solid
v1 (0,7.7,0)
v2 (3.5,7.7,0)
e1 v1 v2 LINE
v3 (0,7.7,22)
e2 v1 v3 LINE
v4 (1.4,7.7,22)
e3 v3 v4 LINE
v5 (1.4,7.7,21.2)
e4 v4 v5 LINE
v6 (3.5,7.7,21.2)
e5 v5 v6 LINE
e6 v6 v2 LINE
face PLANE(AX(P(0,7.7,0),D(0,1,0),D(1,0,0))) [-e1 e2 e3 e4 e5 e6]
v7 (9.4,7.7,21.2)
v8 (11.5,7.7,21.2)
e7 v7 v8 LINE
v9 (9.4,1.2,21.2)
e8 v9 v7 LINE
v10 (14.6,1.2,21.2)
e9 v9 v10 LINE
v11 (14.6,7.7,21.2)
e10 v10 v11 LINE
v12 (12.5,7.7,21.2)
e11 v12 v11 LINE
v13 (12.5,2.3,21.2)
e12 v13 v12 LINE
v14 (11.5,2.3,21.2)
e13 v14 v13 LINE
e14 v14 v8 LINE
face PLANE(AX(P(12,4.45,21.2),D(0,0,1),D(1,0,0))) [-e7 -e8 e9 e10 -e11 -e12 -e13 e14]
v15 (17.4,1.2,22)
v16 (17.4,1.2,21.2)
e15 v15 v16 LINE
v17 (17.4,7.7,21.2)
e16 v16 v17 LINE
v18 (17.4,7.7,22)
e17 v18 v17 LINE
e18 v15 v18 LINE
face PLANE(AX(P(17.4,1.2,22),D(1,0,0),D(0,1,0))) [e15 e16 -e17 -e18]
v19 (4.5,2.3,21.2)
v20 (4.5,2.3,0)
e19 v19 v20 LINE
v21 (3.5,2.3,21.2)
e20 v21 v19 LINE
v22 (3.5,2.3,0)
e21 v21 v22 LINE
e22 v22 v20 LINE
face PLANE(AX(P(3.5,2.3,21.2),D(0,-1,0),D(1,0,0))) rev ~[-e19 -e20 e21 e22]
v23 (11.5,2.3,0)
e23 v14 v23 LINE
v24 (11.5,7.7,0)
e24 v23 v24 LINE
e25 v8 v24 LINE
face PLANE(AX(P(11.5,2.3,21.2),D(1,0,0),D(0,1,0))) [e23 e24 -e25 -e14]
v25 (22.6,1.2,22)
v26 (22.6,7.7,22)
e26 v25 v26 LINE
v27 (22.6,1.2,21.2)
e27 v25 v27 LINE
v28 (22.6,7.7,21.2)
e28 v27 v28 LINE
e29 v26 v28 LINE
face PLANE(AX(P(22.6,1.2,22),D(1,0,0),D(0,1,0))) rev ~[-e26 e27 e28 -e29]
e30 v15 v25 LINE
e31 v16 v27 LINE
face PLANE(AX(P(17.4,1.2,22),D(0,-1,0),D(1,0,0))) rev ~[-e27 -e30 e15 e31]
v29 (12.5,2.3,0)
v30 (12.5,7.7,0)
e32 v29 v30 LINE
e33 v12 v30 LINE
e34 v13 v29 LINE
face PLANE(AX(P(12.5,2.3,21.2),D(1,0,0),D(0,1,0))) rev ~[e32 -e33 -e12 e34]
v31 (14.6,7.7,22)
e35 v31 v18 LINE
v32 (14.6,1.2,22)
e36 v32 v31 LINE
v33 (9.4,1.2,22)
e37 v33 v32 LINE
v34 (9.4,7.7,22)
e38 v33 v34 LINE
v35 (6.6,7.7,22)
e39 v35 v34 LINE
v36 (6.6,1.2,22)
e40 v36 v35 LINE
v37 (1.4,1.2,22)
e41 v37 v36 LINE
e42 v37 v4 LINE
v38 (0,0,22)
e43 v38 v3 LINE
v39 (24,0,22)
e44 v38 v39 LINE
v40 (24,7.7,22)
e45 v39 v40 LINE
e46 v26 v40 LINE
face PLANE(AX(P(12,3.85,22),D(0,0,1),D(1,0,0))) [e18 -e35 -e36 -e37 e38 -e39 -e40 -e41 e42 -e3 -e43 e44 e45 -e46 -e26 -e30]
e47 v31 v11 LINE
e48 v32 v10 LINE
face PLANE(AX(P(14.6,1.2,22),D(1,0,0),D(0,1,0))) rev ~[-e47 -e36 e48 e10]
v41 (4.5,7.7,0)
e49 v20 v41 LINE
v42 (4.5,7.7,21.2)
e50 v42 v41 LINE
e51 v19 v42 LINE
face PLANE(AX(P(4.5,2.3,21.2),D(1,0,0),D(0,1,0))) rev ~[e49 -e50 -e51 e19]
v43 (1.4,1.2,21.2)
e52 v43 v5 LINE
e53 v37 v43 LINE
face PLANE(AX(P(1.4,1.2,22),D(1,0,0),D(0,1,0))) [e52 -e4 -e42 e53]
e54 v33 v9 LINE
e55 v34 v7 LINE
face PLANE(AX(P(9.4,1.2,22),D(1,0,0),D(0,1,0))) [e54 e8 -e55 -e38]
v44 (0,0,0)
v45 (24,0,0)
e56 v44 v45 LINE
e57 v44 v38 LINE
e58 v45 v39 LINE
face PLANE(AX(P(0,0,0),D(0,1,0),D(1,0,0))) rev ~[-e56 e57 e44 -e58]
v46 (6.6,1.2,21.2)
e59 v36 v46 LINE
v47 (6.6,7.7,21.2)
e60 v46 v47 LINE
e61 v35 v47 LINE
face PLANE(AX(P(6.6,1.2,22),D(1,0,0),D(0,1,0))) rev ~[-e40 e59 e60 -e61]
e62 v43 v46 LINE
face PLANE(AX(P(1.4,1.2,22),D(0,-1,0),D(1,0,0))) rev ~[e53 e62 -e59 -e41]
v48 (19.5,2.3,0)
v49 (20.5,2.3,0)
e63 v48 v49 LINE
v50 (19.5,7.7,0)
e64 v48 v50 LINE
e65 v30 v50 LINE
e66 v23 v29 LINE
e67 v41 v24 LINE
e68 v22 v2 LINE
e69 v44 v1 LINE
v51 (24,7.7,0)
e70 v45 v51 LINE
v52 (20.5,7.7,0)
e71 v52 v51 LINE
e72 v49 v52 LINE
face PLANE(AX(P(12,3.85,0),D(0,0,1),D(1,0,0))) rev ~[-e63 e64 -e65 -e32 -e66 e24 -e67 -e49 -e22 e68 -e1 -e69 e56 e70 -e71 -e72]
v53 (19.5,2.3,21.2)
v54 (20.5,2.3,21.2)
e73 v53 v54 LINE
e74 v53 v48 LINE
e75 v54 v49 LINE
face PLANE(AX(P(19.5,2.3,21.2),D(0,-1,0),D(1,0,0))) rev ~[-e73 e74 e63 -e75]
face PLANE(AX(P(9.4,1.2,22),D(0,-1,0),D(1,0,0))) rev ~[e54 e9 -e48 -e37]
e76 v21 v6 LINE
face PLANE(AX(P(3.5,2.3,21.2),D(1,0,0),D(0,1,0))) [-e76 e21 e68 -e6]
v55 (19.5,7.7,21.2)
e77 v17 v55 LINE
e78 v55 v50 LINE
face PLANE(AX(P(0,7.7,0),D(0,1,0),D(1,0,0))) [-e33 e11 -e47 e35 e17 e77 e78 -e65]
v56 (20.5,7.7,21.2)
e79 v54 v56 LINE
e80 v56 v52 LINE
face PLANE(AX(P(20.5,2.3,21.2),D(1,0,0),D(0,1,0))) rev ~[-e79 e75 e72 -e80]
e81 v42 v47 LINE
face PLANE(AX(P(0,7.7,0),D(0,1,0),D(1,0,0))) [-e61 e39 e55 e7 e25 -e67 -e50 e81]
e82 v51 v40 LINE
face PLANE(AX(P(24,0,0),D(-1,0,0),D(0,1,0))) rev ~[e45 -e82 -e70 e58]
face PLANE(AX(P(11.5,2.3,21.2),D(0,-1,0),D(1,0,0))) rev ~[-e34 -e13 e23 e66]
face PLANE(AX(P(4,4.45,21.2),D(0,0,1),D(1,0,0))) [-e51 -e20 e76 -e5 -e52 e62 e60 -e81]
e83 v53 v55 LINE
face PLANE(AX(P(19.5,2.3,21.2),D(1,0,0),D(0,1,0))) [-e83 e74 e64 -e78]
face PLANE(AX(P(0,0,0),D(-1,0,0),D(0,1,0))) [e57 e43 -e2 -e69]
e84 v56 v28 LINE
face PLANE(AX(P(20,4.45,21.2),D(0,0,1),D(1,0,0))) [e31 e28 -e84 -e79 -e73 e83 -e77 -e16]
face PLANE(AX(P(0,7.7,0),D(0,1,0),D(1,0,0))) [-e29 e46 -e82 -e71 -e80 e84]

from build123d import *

# Parameters (mm, degrees)
SKETCH_W               = 24
SKETCH_H               = 7.7
PAD_DEPTH              = 22
SKETCH001_W            = 5.2
SKETCH001_H            = 6.5
POCKET_DEPTH           = 0.8
LINEARPATTERN_COUNT    = 3
LINEARPATTERN_PITCH    = 8
SKETCH002_W            = 1
SKETCH002_H            = 5.4
POCKET001_DEPTH        = 22
LINEARPATTERN001_COUNT = 3
LINEARPATTERN001_PITCH = 8


with BuildPart() as part:
    # Sketch → Pad (new body)
    with BuildSketch(Plane.XY):
        with Locations((12, 3.85)):
            Rectangle(SKETCH_W, SKETCH_H)
    extrude(amount=PAD_DEPTH)

    # Sketch001 (on Face6 of Pad) → Pocket (cut)
    with BuildSketch(Plane.XY.offset(22)):
        with Locations((4, 4.45)):
            Rectangle(SKETCH001_W, SKETCH001_H)
    pocket = extrude(amount=-POCKET_DEPTH, mode=Mode.SUBTRACT)

    # LinearPattern: Pocket ×3
    with Locations(*[(i * LINEARPATTERN_PITCH, 0, 0) for i in range(1, LINEARPATTERN_COUNT)]):
        add(pocket, mode=Mode.SUBTRACT)

    # Sketch002 (on Face16 of LinearPattern) → Pocket001 (cut)
    with BuildSketch(Plane.XY.offset(21.2)):
        with Locations((4, 5)):
            Rectangle(SKETCH002_W, SKETCH002_H)
    pocket001 = extrude(amount=-POCKET001_DEPTH, mode=Mode.SUBTRACT)

    # LinearPattern001: Pocket001 ×3
    with Locations(*[(i * LINEARPATTERN001_PITCH, 0, 0) for i in range(1, LINEARPATTERN001_COUNT)]):
        add(pocket001, mode=Mode.SUBTRACT)


solid = part.part
